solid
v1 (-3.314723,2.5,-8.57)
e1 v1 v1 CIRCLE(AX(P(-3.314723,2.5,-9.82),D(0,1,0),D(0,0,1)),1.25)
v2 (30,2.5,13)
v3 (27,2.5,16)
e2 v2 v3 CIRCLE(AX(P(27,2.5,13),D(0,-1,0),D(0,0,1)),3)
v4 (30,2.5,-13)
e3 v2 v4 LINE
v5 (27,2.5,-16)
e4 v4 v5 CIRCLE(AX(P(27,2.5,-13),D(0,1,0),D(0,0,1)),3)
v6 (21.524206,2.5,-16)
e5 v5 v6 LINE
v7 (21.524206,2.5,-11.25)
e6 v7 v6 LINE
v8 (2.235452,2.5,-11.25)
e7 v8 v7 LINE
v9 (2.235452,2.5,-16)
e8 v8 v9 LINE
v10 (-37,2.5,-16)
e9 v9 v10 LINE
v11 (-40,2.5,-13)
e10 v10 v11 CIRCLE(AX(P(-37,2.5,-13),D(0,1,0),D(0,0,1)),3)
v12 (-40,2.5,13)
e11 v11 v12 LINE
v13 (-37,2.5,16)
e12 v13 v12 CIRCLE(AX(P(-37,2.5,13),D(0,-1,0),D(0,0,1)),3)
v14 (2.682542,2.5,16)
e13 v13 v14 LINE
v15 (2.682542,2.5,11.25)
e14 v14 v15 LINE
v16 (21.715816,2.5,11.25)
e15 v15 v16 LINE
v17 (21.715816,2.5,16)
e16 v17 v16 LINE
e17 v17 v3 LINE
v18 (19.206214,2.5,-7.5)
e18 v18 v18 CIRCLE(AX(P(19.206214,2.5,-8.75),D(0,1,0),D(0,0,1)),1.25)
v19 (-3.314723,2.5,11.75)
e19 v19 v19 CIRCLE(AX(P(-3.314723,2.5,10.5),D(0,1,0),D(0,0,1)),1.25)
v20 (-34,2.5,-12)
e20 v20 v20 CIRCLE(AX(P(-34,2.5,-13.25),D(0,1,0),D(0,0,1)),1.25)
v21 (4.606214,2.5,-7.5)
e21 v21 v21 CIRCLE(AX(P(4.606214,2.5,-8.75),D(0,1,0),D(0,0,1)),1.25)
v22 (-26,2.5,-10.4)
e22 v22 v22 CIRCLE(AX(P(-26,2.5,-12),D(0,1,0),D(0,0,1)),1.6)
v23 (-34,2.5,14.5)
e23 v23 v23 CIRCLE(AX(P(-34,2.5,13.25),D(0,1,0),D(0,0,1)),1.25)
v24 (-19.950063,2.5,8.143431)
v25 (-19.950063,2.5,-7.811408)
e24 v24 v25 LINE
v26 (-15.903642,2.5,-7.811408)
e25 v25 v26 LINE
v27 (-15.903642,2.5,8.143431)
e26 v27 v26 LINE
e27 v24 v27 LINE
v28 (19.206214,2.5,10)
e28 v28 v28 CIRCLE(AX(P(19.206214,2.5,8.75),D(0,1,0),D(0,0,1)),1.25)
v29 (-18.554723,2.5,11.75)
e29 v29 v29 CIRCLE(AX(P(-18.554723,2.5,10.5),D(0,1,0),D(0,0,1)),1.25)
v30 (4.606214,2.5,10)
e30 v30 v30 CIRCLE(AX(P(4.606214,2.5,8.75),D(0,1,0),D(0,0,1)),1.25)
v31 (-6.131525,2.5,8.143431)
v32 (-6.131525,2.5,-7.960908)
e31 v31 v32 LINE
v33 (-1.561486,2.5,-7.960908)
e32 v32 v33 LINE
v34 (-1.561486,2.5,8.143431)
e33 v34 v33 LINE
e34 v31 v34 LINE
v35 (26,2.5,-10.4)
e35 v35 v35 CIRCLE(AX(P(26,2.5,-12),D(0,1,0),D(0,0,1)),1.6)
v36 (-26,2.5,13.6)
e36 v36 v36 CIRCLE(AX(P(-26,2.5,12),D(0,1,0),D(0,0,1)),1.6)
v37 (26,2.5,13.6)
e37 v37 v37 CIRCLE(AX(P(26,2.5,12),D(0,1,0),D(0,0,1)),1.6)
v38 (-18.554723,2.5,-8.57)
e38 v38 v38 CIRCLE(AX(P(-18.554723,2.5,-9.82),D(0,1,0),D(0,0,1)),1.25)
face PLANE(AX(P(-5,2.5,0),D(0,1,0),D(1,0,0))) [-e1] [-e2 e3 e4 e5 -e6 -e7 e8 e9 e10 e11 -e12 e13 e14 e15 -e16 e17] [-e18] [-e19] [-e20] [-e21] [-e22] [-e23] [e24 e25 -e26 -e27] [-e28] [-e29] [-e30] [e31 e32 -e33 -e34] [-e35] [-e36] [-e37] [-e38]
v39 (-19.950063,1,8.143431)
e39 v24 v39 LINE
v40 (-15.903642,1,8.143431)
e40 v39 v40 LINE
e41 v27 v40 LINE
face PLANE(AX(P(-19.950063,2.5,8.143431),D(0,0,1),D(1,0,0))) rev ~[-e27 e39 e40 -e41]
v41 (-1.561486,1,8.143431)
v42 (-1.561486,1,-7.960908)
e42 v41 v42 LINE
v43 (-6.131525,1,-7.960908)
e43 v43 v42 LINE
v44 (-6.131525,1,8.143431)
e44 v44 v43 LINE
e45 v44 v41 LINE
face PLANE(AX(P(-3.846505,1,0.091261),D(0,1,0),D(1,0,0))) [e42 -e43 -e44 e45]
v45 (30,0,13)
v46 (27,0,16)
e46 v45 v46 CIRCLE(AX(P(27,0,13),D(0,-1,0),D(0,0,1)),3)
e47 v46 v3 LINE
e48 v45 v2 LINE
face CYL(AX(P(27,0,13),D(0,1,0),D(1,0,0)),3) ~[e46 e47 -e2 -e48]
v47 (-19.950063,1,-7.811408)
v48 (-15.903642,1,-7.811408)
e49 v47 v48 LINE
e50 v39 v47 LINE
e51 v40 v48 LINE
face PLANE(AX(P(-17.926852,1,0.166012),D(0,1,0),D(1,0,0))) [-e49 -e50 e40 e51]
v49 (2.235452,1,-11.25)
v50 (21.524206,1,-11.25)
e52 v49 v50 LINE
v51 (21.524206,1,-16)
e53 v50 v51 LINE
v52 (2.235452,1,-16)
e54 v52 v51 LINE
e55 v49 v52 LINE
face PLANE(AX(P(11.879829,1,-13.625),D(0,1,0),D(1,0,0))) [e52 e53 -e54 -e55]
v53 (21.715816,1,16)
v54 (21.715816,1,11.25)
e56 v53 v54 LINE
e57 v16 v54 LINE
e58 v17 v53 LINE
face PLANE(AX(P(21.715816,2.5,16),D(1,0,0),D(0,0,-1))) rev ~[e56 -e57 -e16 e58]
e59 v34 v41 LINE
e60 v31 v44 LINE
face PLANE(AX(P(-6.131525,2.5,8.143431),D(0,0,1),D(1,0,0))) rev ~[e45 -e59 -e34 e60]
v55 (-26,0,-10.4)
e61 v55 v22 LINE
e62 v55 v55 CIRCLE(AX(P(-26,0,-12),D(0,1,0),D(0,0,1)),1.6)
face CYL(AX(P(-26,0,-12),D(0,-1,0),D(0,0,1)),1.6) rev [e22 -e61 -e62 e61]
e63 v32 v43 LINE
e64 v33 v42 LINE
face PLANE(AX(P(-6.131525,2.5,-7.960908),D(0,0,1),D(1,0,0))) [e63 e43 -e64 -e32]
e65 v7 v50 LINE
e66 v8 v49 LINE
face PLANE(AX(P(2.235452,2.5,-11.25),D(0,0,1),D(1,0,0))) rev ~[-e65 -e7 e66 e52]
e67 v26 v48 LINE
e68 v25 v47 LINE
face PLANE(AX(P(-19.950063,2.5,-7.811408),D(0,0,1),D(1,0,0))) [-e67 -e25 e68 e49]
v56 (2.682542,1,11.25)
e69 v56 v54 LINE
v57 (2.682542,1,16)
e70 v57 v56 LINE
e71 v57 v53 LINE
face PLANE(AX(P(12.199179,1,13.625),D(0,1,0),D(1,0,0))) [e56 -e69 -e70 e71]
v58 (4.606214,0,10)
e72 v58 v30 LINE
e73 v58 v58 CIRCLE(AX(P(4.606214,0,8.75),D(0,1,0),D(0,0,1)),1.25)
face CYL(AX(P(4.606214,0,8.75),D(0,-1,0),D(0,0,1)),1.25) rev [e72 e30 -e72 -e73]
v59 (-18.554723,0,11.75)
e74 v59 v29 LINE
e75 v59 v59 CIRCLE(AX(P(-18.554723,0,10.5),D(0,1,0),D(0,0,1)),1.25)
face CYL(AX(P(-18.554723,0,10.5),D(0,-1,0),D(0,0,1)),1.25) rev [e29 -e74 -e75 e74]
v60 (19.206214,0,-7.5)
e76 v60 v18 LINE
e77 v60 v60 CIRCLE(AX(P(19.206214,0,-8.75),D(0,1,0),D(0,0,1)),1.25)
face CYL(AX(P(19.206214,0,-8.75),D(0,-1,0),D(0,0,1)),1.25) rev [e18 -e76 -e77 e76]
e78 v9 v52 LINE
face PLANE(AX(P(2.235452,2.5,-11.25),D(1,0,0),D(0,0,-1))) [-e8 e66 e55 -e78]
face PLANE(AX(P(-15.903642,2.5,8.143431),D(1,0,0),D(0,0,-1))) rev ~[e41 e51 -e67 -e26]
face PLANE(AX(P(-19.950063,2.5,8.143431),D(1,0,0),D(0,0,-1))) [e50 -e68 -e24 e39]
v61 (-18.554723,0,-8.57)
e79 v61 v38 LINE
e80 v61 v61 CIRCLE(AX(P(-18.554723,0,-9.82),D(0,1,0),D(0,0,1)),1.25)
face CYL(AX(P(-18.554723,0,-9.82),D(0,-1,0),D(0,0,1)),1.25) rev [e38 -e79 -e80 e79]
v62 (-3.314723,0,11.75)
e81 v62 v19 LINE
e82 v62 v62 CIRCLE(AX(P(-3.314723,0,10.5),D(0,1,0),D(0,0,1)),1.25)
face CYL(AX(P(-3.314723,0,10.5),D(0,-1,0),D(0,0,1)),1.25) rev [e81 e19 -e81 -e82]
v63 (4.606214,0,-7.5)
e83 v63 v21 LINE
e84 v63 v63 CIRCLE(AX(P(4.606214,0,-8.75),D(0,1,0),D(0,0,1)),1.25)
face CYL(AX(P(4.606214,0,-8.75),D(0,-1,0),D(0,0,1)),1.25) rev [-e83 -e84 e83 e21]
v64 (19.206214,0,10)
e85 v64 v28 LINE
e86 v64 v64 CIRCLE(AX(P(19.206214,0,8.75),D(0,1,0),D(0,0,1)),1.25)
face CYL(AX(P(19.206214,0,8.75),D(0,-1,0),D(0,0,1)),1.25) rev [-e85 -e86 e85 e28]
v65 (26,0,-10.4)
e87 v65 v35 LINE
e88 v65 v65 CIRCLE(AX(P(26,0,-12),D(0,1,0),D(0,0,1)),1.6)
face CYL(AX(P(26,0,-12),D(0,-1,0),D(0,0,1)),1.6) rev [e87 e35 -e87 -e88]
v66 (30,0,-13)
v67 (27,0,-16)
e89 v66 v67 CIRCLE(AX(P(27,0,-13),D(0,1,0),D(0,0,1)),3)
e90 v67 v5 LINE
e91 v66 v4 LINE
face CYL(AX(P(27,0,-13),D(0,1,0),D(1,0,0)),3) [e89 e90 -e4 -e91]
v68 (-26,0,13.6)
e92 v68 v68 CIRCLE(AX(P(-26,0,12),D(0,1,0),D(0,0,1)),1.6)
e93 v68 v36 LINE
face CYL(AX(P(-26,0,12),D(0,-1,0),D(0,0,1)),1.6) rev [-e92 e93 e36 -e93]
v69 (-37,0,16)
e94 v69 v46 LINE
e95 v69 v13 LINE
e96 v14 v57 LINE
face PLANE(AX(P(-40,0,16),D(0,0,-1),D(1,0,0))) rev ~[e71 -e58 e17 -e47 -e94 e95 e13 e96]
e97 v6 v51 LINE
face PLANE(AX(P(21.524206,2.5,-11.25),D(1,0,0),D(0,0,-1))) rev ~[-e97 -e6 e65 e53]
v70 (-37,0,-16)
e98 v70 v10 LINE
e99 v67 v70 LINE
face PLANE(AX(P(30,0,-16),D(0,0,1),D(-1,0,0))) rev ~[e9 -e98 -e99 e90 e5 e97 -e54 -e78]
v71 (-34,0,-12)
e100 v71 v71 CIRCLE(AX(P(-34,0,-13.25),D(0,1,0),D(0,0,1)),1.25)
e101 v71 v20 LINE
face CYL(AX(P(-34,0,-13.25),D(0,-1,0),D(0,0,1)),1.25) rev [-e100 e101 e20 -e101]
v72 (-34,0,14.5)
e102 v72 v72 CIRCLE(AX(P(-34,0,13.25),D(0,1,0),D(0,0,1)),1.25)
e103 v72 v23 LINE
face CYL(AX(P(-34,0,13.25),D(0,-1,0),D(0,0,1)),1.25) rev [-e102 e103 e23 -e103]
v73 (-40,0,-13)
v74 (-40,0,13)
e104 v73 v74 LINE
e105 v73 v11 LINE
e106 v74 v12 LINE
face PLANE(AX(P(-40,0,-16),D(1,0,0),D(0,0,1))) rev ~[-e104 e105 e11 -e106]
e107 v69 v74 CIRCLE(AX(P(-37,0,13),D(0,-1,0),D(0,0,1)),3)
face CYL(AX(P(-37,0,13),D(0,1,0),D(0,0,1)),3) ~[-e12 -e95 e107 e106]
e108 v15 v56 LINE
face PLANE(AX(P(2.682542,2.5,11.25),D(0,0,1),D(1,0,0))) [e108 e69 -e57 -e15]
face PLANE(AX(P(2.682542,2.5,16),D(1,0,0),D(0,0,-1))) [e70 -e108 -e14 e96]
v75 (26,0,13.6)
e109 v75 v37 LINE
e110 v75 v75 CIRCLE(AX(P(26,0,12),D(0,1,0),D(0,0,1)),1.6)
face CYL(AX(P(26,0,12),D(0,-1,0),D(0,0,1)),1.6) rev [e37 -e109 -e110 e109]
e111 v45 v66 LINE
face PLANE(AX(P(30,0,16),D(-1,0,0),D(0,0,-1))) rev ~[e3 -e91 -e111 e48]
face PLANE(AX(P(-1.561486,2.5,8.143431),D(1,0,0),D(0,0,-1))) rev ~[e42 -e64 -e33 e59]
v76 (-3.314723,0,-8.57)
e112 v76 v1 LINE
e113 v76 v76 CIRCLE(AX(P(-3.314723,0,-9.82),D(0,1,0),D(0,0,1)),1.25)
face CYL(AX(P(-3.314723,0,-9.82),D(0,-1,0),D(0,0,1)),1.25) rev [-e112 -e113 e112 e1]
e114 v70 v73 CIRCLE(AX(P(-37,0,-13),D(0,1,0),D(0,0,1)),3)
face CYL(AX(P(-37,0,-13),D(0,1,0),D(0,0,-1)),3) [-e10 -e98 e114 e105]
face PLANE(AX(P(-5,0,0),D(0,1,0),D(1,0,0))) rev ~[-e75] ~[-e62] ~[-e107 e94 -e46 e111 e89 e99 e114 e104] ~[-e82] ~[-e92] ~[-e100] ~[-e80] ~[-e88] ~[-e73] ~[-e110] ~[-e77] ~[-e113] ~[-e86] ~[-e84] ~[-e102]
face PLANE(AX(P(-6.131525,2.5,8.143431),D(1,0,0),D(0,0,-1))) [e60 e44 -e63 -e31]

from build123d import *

# Parameters (mm, degrees)
SKETCH1_R           = 1.6
SKETCH1_R_2         = 1.25
BOSS_EXTRUDE1_DEPTH = 2.5
SKETCH4_W           = 4.046420923
SKETCH4_H           = 15.954838713
SKETCH4_W_2         = 4.570038916
SKETCH4_H_2         = 16.10433934
SKETCH4_W_3         = 19.288754193
SKETCH4_H_3         = 4.75
SKETCH4_W_4         = 19.033274005
CUT_EXTRUDE2_DEPTH  = 1.5
FILLET1_R           = 3


with BuildPart() as part:
    # Sketch1 → Boss-Extrude1 (new body)
    with BuildSketch(Plane(origin=(0, 0, 0), x_dir=(1, 0, 0), z_dir=(0, 1, 0))):
        Polygon((-30, -16), (30, -16), (30, 16), (-30, 16), (-40, 16), (-40, -16), align=None)
        with Locations(Location((-26, 12, 0), (0, 0, 270))):
            Circle(SKETCH1_R, mode=Mode.SUBTRACT)
        with Locations(Location((26, 12, 0), (0, 0, 270))):
            Circle(SKETCH1_R, mode=Mode.SUBTRACT)
        with Locations(Location((26, -12, 0), (0, 0, 270))):
            Circle(SKETCH1_R, mode=Mode.SUBTRACT)
        with Locations(Location((-26, -12, 0), (0, 0, 270))):
            Circle(SKETCH1_R, mode=Mode.SUBTRACT)
        with Locations(Location((-18.554722835, 9.82, 0), (0, 0, 270))):
            Circle(SKETCH1_R_2, mode=Mode.SUBTRACT)
        with Locations(Location((-3.314722835, 9.82, 0), (0, 0, 270))):
            Circle(SKETCH1_R_2, mode=Mode.SUBTRACT)
        with Locations(Location((-3.314722835, -10.5, 0), (0, 0, 270))):
            Circle(SKETCH1_R_2, mode=Mode.SUBTRACT)
        with Locations(Location((-18.554722835, -10.5, 0), (0, 0, 270))):
            Circle(SKETCH1_R_2, mode=Mode.SUBTRACT)
        with Locations(Location((4.60621428, 8.75, 0), (0, 0, 270))):
            Circle(SKETCH1_R_2, mode=Mode.SUBTRACT)
        with Locations(Location((19.20621428, 8.75, 0), (0, 0, 270))):
            Circle(SKETCH1_R_2, mode=Mode.SUBTRACT)
        with Locations(Location((19.20621428, -8.75, 0), (0, 0, 270))):
            Circle(SKETCH1_R_2, mode=Mode.SUBTRACT)
        with Locations(Location((4.60621428, -8.75, 0), (0, 0, 270))):
            Circle(SKETCH1_R_2, mode=Mode.SUBTRACT)
        with Locations(Location((-34, 13.25, 0), (0, 0, 270))):
            Circle(SKETCH1_R_2, mode=Mode.SUBTRACT)
        with Locations(Location((-34, -13.25, 0), (0, 0, 270))):
            Circle(SKETCH1_R_2, mode=Mode.SUBTRACT)
    extrude(amount=BOSS_EXTRUDE1_DEPTH)

    # Sketch4 → Cut-Extrude2 (cut)
    with BuildSketch(Plane(origin=(0, 2.5, 0), x_dir=(1, 0, 0), z_dir=(0, 1, 0))):
        with Locations((-17.926852164, -0.166011636)):
            Rectangle(SKETCH4_W, SKETCH4_H)
        with Locations((-3.846505054, -0.091261322)):
            Rectangle(SKETCH4_W_2, SKETCH4_H_2)
        with Locations((11.879828742, 13.625)):
            Rectangle(SKETCH4_W_3, SKETCH4_H_3)
        with Locations((12.199178977, -13.625)):
            Rectangle(SKETCH4_W_4, SKETCH4_H_3)
    extrude(amount=-CUT_EXTRUDE2_DEPTH, mode=Mode.SUBTRACT)

    # Fillet1
    fillet1_edges = [part.edges().sort_by_distance(p)[0] for p in [
        (30, 1.25, 16),
        (-40, 1.25, 16),
        (-40, 1.25, -16),
        (30, 1.25, -16),
    ]]
    fillet(fillet1_edges, radius=FILLET1_R)


solid = part.part
